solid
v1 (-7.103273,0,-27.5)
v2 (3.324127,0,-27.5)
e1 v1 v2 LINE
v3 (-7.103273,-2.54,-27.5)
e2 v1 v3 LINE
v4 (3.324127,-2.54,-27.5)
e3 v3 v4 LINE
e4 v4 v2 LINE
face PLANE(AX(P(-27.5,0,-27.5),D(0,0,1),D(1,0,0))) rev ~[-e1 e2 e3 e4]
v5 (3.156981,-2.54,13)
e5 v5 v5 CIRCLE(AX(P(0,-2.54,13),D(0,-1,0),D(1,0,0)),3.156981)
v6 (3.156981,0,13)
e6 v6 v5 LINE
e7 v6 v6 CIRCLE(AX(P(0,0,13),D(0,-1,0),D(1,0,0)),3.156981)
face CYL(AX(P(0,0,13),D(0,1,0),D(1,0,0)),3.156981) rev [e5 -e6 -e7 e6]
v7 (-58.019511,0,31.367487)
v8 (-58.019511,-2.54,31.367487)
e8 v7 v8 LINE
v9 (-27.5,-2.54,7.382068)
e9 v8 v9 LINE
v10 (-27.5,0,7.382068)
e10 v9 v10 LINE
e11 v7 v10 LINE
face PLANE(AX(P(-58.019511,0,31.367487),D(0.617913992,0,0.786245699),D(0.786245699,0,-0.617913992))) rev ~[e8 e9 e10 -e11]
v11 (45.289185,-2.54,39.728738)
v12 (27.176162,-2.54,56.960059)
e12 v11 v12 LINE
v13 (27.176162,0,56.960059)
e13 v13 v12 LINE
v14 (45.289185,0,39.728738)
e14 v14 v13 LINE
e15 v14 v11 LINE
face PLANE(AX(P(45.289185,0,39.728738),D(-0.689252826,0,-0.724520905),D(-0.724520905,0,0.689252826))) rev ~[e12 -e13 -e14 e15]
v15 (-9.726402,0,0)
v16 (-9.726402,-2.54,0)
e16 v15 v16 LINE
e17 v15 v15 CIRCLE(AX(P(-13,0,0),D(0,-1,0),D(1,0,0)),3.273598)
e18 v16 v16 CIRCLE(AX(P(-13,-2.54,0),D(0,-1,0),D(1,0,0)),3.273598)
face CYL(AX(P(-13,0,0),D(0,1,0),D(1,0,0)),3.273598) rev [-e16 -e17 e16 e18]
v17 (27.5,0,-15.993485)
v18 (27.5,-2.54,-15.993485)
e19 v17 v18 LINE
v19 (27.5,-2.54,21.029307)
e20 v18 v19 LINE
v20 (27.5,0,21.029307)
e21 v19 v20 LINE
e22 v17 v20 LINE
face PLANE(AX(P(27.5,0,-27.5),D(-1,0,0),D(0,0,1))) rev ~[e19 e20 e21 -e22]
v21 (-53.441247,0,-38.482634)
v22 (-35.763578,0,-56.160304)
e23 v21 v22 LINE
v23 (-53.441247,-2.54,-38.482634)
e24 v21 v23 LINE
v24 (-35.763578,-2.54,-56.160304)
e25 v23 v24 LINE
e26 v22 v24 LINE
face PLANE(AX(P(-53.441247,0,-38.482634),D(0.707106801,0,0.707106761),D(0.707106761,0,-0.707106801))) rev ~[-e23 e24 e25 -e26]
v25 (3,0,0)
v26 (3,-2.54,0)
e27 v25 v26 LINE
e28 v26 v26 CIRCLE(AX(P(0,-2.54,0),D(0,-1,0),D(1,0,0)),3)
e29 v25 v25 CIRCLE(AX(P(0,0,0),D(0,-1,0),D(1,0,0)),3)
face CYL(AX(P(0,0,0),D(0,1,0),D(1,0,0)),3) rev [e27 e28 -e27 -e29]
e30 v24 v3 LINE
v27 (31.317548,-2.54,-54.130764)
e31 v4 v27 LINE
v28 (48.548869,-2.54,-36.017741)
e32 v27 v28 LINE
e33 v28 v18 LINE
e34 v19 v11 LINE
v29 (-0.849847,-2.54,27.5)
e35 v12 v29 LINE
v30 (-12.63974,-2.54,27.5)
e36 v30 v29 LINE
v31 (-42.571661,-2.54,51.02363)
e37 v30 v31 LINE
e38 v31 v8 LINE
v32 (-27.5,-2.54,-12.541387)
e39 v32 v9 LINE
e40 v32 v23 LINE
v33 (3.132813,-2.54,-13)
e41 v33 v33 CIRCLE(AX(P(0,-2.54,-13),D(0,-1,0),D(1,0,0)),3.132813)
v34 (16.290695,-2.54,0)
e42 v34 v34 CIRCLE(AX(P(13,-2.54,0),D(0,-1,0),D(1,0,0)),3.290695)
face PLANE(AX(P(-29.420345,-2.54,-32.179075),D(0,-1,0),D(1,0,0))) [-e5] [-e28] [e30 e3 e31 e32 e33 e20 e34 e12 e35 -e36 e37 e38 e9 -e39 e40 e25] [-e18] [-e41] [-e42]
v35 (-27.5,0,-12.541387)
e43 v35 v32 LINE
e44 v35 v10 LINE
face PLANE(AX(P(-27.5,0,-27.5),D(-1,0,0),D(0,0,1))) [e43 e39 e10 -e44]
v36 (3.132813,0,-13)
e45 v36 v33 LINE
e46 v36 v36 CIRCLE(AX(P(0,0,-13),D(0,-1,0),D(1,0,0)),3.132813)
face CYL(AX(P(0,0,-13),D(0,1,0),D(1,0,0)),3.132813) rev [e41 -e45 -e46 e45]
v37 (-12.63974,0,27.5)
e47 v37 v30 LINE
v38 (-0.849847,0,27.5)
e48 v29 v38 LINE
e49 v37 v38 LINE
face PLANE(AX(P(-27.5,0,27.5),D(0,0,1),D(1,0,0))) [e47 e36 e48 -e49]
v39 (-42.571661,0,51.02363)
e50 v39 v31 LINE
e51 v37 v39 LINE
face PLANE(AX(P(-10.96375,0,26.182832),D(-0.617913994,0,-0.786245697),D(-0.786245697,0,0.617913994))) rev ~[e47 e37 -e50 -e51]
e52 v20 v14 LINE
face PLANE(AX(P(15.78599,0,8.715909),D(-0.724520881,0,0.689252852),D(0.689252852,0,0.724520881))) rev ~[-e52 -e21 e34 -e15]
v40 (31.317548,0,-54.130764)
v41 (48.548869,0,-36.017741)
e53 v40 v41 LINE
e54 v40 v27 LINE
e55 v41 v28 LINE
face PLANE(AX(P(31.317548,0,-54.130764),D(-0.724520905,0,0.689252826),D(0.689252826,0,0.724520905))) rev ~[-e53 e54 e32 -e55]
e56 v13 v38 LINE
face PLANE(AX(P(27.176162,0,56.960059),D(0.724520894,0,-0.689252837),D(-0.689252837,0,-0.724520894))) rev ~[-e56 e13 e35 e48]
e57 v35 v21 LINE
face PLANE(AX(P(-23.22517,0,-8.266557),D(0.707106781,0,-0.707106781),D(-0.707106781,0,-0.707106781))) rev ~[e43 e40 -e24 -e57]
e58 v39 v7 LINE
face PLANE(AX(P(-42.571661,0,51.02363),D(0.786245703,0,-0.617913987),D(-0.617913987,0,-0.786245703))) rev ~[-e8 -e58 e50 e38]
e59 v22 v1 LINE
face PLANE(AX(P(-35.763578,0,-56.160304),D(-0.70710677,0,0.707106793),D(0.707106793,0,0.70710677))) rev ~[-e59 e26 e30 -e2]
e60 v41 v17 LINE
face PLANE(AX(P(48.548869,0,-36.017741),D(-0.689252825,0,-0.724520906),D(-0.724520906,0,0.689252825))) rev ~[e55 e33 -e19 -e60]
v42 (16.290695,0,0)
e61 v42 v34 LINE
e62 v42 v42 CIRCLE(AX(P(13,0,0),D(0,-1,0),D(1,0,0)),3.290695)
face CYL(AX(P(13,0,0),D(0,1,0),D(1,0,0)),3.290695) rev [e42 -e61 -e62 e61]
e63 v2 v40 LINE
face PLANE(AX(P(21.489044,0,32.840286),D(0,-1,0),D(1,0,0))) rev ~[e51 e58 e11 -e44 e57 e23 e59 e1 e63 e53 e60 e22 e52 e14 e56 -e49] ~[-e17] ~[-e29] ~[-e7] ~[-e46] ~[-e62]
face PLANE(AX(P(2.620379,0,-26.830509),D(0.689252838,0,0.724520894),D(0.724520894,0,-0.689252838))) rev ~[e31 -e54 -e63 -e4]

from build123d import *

# Parameters (mm, degrees)
F0_W     = 55
F0_H     = 55
F0_R     = 3.132813
F0_R_2   = 3.273598
F0_R_3   = 3
F0_R_4   = 3.290695
F0_R_5   = 3.156981
F1_DEPTH = 2.54
F3_DEPTH = 2.54
F4_DEPTH = 2.54


with BuildPart() as f1:
    # F0 (on Front) → F1 (new body)
    with BuildSketch(Plane.XZ):
        Rectangle(F0_W, F0_H)
        with Locations((0, -13)):
            Circle(F0_R, mode=Mode.SUBTRACT)
        with Locations((-13, 0)):
            Circle(F0_R_2, mode=Mode.SUBTRACT)
        Circle(F0_R_3, mode=Mode.SUBTRACT)
        with Locations((13, 0)):
            Circle(F0_R_4, mode=Mode.SUBTRACT)
        with Locations((0, 13)):
            Circle(F0_R_5, mode=Mode.SUBTRACT)
    extrude(amount=F1_DEPTH)

    # F2 (on Front) → F3 (join)
    with BuildSketch(Plane.XZ):
        Polygon((27.176162, 56.960059), (-2.272366, 26.004693), (-2.272366, 25.895225), (15.78599, 8.715909), (45.289185, 39.728738), align=None)
    extrude(amount=F3_DEPTH)

    # F2 (on Front) → F4 (join)
    with BuildSketch(Plane.XZ):
        Polygon((-5.332045, -25.728772), (-23.22517, -8.266557), (-53.441247, -38.482634), (-35.763578, -56.160304), align=None)
        Polygon((19.693311, -8.566808), (2.620379, -26.830509), (31.317548, -54.130764), (48.548869, -36.017741), align=None)
        Polygon((-26.064494, 6.253897), (-10.96375, 26.182832), (-42.571661, 51.02363), (-58.019511, 31.367487), align=None)
    extrude(amount=F4_DEPTH)


solid = f1.part
